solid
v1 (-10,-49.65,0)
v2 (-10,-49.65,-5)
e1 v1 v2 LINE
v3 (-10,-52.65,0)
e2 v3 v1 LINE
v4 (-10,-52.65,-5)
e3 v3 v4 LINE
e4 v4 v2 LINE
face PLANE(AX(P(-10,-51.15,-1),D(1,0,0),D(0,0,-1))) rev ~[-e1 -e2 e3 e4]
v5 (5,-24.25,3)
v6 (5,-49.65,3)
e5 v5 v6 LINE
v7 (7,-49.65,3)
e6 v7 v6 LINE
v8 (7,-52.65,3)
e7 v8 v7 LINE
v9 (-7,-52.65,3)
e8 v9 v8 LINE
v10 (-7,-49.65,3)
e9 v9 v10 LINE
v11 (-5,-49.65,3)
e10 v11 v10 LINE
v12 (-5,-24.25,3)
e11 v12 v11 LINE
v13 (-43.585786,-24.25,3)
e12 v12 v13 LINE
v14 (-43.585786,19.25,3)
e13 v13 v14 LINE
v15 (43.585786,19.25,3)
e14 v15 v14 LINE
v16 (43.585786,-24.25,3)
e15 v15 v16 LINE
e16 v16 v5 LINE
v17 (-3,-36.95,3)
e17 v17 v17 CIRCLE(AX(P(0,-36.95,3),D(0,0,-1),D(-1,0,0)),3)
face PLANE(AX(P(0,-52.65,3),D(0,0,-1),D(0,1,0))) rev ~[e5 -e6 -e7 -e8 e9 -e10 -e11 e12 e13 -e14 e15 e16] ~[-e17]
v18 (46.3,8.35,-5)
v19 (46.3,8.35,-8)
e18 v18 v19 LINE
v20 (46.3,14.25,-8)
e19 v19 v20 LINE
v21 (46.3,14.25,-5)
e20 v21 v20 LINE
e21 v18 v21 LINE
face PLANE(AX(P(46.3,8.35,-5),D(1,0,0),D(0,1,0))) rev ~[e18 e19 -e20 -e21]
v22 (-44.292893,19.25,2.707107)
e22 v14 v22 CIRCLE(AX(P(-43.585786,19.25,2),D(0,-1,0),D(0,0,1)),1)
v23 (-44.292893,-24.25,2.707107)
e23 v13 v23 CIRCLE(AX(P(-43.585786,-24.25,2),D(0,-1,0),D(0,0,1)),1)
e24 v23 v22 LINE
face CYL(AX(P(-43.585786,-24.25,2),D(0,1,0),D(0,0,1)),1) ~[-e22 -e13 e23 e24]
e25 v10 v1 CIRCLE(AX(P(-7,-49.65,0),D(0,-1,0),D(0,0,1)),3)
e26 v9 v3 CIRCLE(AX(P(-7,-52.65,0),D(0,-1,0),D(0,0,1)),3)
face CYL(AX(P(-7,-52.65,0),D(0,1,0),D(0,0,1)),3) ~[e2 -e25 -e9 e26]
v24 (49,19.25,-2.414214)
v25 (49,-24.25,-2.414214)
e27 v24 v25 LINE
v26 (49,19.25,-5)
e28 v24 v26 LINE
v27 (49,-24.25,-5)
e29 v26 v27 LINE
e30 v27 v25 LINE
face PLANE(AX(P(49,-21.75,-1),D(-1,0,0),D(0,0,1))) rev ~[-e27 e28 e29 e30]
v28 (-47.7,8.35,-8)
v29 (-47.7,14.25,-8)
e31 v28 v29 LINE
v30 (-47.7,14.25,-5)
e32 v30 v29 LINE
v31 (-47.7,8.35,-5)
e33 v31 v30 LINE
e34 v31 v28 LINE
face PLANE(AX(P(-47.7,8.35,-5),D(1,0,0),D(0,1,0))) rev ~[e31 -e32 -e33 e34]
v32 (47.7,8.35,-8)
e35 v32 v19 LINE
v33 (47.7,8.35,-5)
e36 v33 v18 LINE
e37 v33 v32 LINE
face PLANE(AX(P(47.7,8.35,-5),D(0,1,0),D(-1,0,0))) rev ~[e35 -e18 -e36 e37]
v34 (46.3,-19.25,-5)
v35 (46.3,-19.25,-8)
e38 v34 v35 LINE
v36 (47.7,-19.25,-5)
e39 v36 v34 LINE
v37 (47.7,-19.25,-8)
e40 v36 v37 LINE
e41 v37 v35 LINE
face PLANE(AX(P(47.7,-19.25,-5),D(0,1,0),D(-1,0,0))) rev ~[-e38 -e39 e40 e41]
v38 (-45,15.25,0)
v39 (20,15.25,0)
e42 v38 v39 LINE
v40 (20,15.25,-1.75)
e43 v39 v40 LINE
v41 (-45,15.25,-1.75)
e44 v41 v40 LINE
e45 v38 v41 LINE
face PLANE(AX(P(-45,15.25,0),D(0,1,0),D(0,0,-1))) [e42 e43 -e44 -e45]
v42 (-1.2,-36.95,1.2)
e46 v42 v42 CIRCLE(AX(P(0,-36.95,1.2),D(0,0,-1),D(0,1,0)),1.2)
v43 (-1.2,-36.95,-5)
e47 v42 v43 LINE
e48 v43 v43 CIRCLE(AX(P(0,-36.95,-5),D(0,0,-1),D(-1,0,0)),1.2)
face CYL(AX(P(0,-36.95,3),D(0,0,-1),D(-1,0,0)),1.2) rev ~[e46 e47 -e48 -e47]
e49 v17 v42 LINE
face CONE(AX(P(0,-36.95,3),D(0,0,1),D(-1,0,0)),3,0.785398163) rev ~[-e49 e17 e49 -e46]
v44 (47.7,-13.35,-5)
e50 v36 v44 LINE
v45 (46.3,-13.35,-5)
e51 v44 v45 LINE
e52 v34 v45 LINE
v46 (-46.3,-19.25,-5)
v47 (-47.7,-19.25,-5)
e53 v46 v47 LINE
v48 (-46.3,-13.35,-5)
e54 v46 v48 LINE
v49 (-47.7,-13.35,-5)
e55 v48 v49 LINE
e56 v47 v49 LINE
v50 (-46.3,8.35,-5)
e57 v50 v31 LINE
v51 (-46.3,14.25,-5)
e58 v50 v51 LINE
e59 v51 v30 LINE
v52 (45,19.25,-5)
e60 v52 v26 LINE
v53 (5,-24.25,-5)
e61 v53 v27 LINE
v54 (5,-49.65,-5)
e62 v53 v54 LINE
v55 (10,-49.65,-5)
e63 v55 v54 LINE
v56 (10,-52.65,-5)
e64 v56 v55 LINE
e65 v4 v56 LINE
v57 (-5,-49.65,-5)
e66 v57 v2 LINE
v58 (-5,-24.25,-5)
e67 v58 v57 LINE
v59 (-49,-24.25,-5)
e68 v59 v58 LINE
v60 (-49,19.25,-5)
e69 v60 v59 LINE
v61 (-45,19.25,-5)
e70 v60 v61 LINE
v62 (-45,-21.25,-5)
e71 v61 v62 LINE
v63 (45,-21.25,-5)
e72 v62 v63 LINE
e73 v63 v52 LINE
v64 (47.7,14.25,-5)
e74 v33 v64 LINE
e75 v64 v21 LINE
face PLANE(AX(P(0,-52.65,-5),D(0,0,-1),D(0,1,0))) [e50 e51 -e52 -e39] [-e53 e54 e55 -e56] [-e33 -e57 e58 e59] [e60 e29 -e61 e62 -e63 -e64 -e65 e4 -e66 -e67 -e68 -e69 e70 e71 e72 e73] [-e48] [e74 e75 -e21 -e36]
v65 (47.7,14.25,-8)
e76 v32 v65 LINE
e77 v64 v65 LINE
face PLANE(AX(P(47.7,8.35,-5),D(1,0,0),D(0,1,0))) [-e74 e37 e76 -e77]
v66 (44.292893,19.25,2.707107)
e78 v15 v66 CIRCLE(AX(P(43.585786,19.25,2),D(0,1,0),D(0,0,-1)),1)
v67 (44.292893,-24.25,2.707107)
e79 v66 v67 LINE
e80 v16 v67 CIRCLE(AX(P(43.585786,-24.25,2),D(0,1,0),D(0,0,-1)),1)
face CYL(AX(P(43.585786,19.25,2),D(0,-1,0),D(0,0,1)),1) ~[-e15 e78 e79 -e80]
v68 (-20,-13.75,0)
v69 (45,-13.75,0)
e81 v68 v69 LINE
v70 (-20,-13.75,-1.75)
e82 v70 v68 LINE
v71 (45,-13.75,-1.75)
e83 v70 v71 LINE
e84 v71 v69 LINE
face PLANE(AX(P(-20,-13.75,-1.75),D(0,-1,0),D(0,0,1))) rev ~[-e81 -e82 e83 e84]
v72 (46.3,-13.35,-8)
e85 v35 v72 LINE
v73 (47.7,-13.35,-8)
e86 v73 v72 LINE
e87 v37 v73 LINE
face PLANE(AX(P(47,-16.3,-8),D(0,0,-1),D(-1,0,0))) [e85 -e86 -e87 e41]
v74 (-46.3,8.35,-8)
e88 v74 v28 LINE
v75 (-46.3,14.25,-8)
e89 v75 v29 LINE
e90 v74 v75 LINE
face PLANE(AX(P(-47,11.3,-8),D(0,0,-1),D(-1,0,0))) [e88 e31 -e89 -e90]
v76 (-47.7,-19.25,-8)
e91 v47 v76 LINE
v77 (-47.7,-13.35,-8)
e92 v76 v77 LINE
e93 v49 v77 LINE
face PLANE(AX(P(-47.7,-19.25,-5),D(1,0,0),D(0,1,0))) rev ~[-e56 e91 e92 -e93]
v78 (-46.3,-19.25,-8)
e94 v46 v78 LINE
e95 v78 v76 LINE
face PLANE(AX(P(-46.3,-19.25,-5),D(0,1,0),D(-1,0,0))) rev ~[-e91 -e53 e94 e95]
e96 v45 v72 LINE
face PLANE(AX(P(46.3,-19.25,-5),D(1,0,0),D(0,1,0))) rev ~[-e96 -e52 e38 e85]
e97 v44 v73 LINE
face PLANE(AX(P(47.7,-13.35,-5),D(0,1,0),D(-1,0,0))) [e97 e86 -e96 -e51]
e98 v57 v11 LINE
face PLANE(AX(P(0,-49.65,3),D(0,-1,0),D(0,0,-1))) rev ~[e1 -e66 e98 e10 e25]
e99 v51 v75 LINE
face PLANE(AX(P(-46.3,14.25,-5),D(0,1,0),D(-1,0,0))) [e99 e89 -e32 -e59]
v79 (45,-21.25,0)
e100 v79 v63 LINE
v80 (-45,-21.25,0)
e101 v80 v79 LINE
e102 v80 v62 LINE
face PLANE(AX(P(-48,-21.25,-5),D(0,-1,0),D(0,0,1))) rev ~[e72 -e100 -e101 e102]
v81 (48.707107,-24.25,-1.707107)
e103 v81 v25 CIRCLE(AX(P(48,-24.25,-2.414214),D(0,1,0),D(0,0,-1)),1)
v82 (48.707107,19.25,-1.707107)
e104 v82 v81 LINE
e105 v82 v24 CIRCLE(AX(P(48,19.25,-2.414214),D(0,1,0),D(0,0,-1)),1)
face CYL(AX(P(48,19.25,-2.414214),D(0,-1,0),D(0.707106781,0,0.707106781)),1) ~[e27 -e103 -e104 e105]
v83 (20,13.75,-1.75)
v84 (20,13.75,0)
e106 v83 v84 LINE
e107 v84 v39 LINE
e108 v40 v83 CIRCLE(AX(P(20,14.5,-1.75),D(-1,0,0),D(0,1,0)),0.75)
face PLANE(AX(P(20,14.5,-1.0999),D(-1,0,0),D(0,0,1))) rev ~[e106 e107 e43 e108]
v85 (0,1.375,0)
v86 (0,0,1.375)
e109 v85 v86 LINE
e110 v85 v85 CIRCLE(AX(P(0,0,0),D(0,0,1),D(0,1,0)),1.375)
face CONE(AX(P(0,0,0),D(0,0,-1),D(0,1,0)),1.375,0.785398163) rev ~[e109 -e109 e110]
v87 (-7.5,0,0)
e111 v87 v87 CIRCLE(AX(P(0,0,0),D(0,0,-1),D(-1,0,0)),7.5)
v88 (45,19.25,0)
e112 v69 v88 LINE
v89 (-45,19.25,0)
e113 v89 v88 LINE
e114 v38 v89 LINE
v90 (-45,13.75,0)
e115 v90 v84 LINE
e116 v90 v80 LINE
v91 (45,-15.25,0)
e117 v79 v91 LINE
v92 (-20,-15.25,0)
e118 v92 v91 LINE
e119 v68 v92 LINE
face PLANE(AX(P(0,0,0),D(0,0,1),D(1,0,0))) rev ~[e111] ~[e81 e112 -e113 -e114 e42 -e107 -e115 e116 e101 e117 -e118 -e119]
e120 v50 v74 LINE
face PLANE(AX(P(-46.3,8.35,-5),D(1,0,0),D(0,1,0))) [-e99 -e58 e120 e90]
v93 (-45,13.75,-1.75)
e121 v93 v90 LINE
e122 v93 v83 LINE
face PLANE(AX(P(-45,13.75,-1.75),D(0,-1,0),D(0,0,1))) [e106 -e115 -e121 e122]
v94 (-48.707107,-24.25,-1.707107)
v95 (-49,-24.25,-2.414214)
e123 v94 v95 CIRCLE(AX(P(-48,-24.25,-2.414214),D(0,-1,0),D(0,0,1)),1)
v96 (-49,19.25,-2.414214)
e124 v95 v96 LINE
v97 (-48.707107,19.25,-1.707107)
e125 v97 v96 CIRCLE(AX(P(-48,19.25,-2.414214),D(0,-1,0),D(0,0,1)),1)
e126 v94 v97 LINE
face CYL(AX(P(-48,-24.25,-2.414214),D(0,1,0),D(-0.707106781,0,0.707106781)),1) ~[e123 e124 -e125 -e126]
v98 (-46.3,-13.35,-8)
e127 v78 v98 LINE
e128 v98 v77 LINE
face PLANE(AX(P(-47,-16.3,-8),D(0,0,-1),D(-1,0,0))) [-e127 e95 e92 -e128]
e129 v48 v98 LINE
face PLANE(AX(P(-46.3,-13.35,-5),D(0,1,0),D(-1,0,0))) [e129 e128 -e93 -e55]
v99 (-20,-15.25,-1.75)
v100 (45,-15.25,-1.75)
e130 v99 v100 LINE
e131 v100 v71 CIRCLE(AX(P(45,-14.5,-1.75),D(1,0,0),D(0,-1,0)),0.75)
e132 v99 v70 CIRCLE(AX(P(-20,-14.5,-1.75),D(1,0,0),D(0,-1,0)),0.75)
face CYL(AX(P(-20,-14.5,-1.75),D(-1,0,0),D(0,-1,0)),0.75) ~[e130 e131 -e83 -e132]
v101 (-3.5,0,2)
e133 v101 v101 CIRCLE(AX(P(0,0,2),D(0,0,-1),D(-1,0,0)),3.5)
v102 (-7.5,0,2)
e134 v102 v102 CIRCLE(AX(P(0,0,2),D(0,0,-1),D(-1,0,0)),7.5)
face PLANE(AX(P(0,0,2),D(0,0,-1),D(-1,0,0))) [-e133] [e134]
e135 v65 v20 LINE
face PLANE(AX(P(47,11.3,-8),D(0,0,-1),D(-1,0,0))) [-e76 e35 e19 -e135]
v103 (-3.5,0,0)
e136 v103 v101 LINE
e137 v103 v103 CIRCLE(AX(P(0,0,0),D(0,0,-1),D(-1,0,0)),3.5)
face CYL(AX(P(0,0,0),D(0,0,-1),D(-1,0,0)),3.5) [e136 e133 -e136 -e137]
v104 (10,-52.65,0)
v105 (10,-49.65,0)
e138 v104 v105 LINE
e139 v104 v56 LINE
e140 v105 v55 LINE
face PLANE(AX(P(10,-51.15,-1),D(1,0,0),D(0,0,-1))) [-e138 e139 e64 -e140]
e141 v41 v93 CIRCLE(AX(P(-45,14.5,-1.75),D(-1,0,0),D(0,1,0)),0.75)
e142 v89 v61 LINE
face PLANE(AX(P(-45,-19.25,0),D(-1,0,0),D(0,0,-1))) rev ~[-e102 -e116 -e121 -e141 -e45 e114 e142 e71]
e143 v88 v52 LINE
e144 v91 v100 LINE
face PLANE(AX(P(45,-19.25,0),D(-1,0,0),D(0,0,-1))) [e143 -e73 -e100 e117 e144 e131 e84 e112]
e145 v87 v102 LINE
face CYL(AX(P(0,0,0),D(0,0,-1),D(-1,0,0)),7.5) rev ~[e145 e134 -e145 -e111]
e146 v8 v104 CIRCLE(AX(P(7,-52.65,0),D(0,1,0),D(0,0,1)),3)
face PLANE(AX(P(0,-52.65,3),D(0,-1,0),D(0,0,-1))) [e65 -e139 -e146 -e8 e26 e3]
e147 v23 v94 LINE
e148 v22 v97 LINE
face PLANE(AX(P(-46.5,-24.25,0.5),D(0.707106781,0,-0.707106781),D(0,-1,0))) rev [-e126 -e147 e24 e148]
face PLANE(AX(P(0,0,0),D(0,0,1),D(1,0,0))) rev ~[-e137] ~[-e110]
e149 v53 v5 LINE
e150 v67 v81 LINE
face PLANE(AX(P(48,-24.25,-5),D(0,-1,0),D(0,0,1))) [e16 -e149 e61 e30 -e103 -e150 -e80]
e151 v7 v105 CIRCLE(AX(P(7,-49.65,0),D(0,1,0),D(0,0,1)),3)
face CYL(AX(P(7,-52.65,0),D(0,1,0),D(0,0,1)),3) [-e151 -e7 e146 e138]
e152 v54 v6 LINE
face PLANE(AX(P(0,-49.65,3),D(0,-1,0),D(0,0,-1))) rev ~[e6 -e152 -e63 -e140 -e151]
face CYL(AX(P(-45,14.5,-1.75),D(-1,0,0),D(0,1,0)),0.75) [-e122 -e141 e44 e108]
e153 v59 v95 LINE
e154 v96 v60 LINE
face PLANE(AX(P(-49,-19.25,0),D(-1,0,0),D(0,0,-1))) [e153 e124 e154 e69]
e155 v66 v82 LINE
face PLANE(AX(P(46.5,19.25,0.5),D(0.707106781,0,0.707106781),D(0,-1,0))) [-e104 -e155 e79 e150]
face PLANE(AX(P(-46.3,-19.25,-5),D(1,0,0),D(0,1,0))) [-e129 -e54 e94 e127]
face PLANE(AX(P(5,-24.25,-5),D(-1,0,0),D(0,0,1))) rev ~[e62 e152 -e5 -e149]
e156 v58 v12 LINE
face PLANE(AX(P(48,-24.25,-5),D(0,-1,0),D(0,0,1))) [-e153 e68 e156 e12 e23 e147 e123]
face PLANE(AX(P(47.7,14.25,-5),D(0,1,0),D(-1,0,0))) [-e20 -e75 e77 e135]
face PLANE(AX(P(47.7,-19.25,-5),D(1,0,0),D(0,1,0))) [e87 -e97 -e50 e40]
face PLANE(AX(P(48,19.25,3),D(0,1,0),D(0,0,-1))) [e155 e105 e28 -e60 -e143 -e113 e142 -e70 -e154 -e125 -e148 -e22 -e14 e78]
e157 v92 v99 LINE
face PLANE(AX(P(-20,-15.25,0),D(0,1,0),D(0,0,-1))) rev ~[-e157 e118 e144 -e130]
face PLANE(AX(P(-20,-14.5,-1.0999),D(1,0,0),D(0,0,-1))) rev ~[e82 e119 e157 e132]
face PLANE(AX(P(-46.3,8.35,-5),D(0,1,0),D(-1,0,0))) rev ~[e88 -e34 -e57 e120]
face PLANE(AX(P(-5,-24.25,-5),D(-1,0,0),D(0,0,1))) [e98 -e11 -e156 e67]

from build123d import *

# Parameters (mm, degrees)
SKETCH2_W                                       = 96
SKETCH2_H                                       = 38.5
BOSS_EXTRUDE1_DEPTH                             = 3
BOSS_EXTRUDE2_DEPTH                             = 45
BOSS_EXTRUDE2_DEPTH_BACK                        = 20
BOSS_EXTRUDE3_DEPTH                             = 20
BOSS_EXTRUDE3_DEPTH_BACK                        = 45
SKETCH5_W                                       = 8
SKETCH5_H                                       = 5
BOSS_EXTRUDE4_DEPTH                             = 96
SKETCH6_W                                       = 3
SKETCH6_H                                       = 5
BOSS_EXTRUDE5_DEPTH                             = 38.5
SKETCH7_R                                       = 7.5
SKETCH7_R_2                                     = 3.5
CUT_EXTRUDE2_DEPTH                              = 2
MOVE_FACE1_BY                                   = 1
MOVE_FACE2_BY                                   = 1
SKETCH8_W                                       = 1.4
SKETCH8_H                                       = 5.9
BOSS_EXTRUDE6_DEPTH                             = 3
SKETCH9_W                                       = 10
SKETCH9_H                                       = 8
BOSS_EXTRUDE7_DEPTH                             = 25.4
SKETCH11_W                                      = 8
SKETCH11_H                                      = 3
BOSS_EXTRUDE8_DEPTH                             = 10
CHAMFER1_SIZE                                   = 5
FILLET1_R                                       = 1
FILLET3_R                                       = 3
MOVE_FACE3_BY                                   = 2
CSK_FOR_M2_FLAT_HEAD_MACHINE_SCREW1_D           = 2.4
CSK_FOR_M2_FLAT_HEAD_MACHINE_SCREW1_CSINK_D     = 6
CSK_FOR_M2_FLAT_HEAD_MACHINE_SCREW1_CSINK_ANGLE = 90


with BuildPart() as part:
    # Sketch2 → Boss-Extrude1 (new body)
    with BuildSketch(Plane.XY):
        Rectangle(SKETCH2_W, SKETCH2_H)
    extrude(amount=BOSS_EXTRUDE1_DEPTH)

    # Sketch3 → Boss-Extrude2 (add, two sides: drawn at the far end of the back side and taken through both)
    with BuildSketch(Plane(origin=(0, 0, 0), x_dir=(0, 0, -1), z_dir=(1, 0, 0)).offset(-BOSS_EXTRUDE2_DEPTH_BACK)):
        with BuildLine():
            Line((0, -15.25), (1.75, -15.25))
            ThreePointArc((1.75, -15.25), (2.5, -14.5), (1.75, -13.75))
            Line((1.75, -13.75), (0, -13.75))
            Line((0, -13.75), (0, -15.25))
        make_face()
    extrude(amount=BOSS_EXTRUDE2_DEPTH + BOSS_EXTRUDE2_DEPTH_BACK)

    # Sketch3<3> → Boss-Extrude3 (add, two sides: drawn at the far end of the back side and taken through both)
    with BuildSketch(Plane(origin=(0, 0, 0), x_dir=(0, 0, -1), z_dir=(1, 0, 0)).offset(-BOSS_EXTRUDE3_DEPTH_BACK)):
        with BuildLine():
            Line((0, 13.75), (0, 15.25))
            Line((0, 15.25), (1.75, 15.25))
            ThreePointArc((1.75, 15.25), (2.5, 14.5), (1.75, 13.75))
            Line((1.75, 13.75), (0, 13.75))
        make_face()
    extrude(amount=BOSS_EXTRUDE3_DEPTH + BOSS_EXTRUDE3_DEPTH_BACK)

    # Cut-Extrude1 cone 1 section (through the dimple's axis) → Cut-Extrude1 (revolve, cut)
    with BuildSketch(Plane.YZ):
        Polygon((0, 0), (1.375, 0), (0, 1.375), align=None)
    revolve(axis=Axis((0, 0, 0), (0, 0, 1)), mode=Mode.SUBTRACT)

    # Sketch5 → Boss-Extrude4 (add, through all)
    with BuildSketch(Plane.ZY.offset(48)):
        with Locations((-1, -21.75)):
            Rectangle(SKETCH5_W, SKETCH5_H)
    extrude(amount=-BOSS_EXTRUDE4_DEPTH)

    # Sketch6 → Boss-Extrude5 (add, through all)
    with BuildSketch(Plane(origin=(0, -19.25, 0), x_dir=(1, 0, 0), z_dir=(0, 1, 0))):
        with Locations((-46.5, 2.5)):
            Rectangle(SKETCH6_W, SKETCH6_H)
        with Locations((46.5, 2.5)):
            Rectangle(SKETCH6_W, SKETCH6_H)
    extrude(amount=BOSS_EXTRUDE5_DEPTH)

    # Sketch7 → Cut-Extrude2 (cut)
    with BuildSketch(Plane(origin=(0, 0, 0), x_dir=(-1, 0, 0), z_dir=(0, 0, -1))):
        Circle(SKETCH7_R)
        Circle(SKETCH7_R_2, mode=Mode.SUBTRACT)
    extrude(amount=-CUT_EXTRUDE2_DEPTH, mode=Mode.SUBTRACT)

    # Move Face1: a face moved outward by 1.0
    extrude(part.faces().sort_by_distance((-48, -2.5, -1))[0], amount=MOVE_FACE1_BY, dir=(-1, 0, 0))

    # Move Face2: a face moved outward by 1.0
    extrude(part.faces().sort_by_distance((48, -2.5, -1))[0], amount=MOVE_FACE2_BY, dir=(1, 0, 0))

    # Sketch8 → Boss-Extrude6 (add)
    with BuildSketch(Plane(origin=(0, 0, -5), x_dir=(-1, 0, 0), z_dir=(0, 0, -1))):
        with Locations((-47, 11.3)):
            Rectangle(SKETCH8_W, SKETCH8_H)
        with Locations((-47, -16.3)):
            Rectangle(SKETCH8_W, SKETCH8_H)
        with Locations((47, 11.3)):
            Rectangle(SKETCH8_W, SKETCH8_H)
        with Locations((47, -16.3)):
            Rectangle(SKETCH8_W, SKETCH8_H)
    extrude(amount=BOSS_EXTRUDE6_DEPTH)

    # Sketch9 → Boss-Extrude7 (add)
    with BuildSketch(Plane.XZ.offset(24.25)):
        with Locations((0, -1)):
            Rectangle(SKETCH9_W, SKETCH9_H)
    extrude(amount=BOSS_EXTRUDE7_DEPTH)

    # Sketch11 → Boss-Extrude8 (add, symmetric)
    with BuildSketch(Plane(origin=(0, 0, 0), x_dir=(0, 0, -1), z_dir=(1, 0, 0))):
        with Locations((1, -51.15)):
            Rectangle(SKETCH11_W, SKETCH11_H)
    extrude(amount=BOSS_EXTRUDE8_DEPTH, both=True)

    # Chamfer1
    chamfer1_edges = [part.edges().sort_by_distance(p)[0] for p in [
        (49, -2.5, 3),
        (-49, -2.5, 3),
    ]]
    chamfer(chamfer1_edges, length=CHAMFER1_SIZE)

    # Fillet1
    fillet1_edges = [part.edges().sort_by_distance(p)[0] for p in [
        (44, -2.5, 3),
        (-44, -2.5, 3),
        (-49, -2.5, -2),
        (49, -2.5, -2),
    ]]
    fillet(fillet1_edges, radius=FILLET1_R)

    # Fillet3
    fillet3_edges = [part.edges().sort_by_distance(p)[0] for p in [
        (-10, -51.15, 3),
        (10, -51.15, 3),
    ]]
    fillet(fillet3_edges, radius=FILLET3_R)

    # Move Face3: a face moved inward by 2.0
    extrude(part.faces().sort_by_distance((0, -19.25, -2.5))[0], amount=MOVE_FACE3_BY, dir=(0, -1, 0), mode=Mode.SUBTRACT)

    # CSK for M2 Flat Head Machine Screw1 (through all)
    with Locations(Plane.XY.offset(3)):
        with Locations((0, -36.95)):
            CounterSinkHole(CSK_FOR_M2_FLAT_HEAD_MACHINE_SCREW1_D / 2, CSK_FOR_M2_FLAT_HEAD_MACHINE_SCREW1_CSINK_D / 2, counter_sink_angle=CSK_FOR_M2_FLAT_HEAD_MACHINE_SCREW1_CSINK_ANGLE)


solid = part.part
